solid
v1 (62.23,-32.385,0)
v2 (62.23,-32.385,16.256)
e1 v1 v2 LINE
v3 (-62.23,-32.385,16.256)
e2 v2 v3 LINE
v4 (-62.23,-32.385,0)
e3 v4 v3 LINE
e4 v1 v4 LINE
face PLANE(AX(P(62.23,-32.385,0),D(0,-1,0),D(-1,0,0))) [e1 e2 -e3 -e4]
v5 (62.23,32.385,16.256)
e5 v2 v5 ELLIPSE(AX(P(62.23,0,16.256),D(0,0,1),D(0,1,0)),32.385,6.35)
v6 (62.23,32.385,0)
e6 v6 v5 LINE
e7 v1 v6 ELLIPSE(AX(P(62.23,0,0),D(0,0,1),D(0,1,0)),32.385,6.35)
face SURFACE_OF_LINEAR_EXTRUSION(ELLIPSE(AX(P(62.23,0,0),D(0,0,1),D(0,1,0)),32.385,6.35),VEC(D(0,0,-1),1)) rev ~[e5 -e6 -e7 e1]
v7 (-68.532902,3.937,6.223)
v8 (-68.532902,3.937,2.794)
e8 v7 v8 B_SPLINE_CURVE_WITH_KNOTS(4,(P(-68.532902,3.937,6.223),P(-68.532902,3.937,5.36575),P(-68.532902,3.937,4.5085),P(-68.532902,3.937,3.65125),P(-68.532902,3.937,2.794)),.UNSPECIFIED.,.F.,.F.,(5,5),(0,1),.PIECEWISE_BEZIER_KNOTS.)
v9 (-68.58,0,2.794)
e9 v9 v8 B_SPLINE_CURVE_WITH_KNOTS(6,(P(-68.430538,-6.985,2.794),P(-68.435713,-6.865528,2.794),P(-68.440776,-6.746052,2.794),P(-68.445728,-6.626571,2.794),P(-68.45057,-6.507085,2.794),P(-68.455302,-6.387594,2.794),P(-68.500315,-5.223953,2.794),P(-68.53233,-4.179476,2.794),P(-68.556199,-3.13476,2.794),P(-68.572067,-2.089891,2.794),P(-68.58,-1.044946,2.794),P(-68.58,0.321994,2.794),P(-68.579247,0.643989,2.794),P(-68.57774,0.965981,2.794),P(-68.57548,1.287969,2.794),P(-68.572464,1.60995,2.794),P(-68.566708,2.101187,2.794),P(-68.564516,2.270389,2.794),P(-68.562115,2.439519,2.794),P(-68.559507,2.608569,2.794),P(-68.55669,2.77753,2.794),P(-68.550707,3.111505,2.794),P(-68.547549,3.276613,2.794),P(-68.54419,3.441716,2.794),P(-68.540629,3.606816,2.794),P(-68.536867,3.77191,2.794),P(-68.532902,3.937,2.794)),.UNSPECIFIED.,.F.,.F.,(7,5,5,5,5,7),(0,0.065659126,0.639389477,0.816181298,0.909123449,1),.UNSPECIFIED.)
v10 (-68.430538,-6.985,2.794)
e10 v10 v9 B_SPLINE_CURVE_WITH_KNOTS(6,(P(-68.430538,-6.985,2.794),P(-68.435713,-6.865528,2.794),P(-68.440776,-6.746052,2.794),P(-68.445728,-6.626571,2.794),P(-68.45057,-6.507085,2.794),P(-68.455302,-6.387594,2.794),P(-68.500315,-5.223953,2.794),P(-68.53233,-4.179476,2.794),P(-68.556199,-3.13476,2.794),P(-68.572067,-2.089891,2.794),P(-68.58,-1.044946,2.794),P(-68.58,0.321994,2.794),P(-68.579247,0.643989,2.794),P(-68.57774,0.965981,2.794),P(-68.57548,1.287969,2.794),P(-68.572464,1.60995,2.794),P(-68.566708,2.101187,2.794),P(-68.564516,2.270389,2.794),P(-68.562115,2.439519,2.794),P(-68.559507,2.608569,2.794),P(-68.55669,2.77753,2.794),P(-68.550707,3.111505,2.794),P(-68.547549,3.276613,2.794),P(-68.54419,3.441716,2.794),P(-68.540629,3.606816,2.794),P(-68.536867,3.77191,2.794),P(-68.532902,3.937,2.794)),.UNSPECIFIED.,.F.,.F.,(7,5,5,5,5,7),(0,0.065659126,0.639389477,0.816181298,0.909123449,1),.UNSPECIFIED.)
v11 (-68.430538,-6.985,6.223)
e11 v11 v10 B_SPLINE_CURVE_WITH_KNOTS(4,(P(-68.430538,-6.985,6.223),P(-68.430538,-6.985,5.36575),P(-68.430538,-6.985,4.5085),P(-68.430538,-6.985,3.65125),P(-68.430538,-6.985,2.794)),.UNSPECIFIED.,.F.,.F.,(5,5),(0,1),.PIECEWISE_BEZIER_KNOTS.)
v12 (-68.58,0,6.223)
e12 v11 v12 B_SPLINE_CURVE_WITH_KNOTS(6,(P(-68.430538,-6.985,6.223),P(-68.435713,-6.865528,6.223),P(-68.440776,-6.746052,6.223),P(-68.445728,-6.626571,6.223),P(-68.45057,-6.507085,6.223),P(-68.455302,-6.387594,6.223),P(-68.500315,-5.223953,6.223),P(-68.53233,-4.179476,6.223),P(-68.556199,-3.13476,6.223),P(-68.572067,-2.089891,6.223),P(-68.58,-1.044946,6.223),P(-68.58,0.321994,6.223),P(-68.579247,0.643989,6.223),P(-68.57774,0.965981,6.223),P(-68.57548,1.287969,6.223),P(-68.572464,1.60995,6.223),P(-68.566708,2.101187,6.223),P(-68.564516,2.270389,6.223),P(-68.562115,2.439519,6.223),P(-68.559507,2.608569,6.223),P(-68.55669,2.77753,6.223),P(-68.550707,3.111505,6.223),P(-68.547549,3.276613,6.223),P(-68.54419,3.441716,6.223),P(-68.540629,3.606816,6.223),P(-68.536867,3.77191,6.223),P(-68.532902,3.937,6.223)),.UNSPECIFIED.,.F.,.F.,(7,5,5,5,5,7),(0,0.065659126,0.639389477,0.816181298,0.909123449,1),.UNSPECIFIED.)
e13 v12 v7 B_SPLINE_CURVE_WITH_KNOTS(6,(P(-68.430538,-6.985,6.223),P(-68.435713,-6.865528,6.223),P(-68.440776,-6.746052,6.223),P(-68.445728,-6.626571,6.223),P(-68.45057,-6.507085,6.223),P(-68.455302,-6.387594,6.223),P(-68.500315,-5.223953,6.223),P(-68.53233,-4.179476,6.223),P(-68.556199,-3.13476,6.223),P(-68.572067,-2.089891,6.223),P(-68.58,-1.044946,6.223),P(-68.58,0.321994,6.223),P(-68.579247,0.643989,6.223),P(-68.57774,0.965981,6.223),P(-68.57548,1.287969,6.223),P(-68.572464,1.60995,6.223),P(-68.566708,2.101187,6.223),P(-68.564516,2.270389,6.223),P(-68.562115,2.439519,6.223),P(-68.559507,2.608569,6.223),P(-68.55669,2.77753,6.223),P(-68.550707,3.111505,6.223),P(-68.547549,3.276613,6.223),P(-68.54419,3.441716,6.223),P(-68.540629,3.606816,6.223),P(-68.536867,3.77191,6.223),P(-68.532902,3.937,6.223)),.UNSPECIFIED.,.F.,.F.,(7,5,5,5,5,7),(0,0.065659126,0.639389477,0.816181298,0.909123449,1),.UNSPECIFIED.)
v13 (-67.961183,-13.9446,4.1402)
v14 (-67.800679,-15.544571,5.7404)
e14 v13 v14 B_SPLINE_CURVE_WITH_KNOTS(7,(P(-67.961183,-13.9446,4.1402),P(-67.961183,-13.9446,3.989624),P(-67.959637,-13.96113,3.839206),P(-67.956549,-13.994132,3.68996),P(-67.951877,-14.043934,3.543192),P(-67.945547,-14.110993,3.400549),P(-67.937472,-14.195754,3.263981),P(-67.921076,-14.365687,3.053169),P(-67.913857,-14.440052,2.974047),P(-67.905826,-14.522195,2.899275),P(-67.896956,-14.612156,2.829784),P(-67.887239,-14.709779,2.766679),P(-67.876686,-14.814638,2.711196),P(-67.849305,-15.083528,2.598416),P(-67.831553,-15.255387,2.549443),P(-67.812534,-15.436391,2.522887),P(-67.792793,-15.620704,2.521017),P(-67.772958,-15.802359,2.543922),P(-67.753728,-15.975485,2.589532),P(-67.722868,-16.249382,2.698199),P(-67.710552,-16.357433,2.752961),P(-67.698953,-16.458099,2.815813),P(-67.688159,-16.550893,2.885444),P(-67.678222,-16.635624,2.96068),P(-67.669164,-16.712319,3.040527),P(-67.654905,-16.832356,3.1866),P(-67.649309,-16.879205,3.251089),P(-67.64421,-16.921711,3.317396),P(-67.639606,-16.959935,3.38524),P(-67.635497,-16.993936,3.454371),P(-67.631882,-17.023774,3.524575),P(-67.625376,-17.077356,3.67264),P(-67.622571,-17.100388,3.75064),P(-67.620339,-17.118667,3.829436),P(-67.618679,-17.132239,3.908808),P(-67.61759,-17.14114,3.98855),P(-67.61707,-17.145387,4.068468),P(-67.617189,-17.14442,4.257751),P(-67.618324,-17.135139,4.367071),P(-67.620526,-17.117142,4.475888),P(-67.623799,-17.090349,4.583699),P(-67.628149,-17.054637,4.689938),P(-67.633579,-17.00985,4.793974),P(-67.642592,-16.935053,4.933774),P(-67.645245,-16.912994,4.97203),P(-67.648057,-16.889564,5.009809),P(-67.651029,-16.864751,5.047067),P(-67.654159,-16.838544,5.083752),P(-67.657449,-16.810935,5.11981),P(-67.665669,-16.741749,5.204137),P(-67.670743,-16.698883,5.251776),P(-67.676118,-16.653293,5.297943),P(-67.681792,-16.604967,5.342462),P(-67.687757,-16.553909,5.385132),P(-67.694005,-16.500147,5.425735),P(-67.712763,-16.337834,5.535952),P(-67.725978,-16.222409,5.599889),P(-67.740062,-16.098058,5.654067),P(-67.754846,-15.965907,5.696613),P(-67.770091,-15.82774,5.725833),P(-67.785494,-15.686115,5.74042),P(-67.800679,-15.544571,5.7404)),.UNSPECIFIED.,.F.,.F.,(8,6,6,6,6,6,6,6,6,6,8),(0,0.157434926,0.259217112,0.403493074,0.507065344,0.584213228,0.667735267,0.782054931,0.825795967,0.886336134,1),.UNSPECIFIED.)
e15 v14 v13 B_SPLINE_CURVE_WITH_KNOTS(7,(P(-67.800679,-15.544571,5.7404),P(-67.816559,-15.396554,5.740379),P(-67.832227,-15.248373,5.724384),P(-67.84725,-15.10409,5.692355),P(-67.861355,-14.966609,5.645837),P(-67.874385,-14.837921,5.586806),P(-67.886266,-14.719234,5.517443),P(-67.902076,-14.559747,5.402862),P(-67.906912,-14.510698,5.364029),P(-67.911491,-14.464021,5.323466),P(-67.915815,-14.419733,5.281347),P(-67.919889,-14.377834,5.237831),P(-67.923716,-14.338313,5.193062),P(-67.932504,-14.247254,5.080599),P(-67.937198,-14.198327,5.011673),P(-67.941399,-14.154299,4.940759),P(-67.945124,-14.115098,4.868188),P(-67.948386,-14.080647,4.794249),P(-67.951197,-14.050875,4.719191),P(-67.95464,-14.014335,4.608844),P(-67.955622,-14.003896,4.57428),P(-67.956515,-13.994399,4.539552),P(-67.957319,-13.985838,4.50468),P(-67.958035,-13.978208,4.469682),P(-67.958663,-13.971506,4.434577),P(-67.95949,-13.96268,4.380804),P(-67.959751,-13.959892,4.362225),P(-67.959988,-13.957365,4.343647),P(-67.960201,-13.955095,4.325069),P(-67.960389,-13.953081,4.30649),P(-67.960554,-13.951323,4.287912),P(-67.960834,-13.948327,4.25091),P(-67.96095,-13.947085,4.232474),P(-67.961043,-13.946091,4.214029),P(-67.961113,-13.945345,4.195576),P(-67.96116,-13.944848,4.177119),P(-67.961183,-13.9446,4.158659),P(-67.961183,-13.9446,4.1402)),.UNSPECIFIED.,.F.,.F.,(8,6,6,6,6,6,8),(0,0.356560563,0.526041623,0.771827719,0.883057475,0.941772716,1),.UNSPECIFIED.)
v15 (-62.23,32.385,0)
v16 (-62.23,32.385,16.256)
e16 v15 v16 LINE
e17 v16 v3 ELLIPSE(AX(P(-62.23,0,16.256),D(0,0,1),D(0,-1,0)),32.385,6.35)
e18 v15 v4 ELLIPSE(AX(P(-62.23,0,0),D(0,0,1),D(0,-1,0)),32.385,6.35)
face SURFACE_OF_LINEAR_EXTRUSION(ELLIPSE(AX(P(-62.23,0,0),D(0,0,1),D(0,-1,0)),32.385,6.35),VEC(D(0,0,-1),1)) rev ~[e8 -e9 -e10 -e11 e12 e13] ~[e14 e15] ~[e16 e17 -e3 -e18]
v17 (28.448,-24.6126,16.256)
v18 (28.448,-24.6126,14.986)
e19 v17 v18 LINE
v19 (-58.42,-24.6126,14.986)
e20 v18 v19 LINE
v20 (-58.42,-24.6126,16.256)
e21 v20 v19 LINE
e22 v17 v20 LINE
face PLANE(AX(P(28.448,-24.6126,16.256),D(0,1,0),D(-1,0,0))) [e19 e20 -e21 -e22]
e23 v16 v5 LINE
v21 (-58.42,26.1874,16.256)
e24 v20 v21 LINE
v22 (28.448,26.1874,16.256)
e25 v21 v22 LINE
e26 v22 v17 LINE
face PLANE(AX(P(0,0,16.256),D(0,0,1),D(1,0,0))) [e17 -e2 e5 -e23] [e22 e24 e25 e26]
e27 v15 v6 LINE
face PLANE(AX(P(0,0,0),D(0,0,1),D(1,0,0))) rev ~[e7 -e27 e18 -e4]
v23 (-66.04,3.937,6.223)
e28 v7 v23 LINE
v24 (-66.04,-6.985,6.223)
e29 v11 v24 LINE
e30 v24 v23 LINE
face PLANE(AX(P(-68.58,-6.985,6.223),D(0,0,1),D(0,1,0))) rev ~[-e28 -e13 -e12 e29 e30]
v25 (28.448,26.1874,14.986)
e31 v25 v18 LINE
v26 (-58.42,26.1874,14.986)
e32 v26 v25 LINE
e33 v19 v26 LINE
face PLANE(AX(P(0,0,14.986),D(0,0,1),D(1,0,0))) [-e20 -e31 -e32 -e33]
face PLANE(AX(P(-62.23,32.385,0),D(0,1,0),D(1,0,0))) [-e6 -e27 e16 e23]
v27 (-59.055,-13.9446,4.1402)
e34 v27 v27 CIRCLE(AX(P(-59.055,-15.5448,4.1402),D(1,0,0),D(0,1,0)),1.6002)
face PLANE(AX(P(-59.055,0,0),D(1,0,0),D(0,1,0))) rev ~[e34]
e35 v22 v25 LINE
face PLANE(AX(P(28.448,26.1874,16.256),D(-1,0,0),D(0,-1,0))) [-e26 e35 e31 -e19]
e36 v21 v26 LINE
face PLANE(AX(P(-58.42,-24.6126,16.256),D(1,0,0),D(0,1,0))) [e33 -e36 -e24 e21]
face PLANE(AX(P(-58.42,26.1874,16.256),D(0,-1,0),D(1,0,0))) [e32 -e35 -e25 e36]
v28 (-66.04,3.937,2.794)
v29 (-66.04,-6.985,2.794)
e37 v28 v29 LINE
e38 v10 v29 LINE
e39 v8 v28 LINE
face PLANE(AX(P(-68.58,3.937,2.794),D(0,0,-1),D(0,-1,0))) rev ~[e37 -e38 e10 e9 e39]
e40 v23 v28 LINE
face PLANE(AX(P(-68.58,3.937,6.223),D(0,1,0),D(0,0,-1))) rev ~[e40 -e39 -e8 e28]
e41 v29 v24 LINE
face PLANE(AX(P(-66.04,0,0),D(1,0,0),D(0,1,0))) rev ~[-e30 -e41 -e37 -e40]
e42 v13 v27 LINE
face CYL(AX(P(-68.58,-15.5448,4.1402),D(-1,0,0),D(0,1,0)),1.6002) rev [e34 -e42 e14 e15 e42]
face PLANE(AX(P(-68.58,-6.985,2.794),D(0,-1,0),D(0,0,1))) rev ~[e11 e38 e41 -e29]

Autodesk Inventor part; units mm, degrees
ref_plane "XZ Plane" through (0, 0, 0) normal (0, 1, 0) x (-1, 0, 0)
ref_plane "XY Plane" through (0, 0, 0) normal (0, 0, 1) x (1, 0, 0)
sketch "Sketch1" plane through (0, 0, 0) normal (0, 0, 1) x (1, 0, 0)
  line L0 (-62.23, 32.385) -> (62.23, 32.385)
  line L1 (62.23, -32.385) -> (-62.23, -32.385)
  line L2 (62.23, 0) -> (68.58, 0) construction
  line L3 (-62.23, 0) -> (-68.58, 0) construction
  ellipse E0 centre (-62.23, 0) end of major axis (-68.58, 0) minor radius 32.385 (-62.23, 32.385) -> (-62.23, -32.385) ccw
  ellipse E1 centre (62.23, 0) end of major axis (68.58, 0) minor radius 32.385 (62.23, -32.385) -> (62.23, 32.385) ccw
  point P0 (0, 0)
  dimension "d2" = 64.77
  dimension "d3" = 32.385
  dimension "d4" = 6.35
  dimension "d5" = 6.35
  dimension "d6" = 62.23
  dimension "d7" = 68.58
extrude "Extrusion1" add sketch "Sketch1" along normal blind 16.256
ref_plane "Work Plane1" through (-68.58, 0, 0) normal (1, 0, 0) x (0, 1, 0)
sketch "Sketch2" plane through (0, 0, 0) normal (1, 0, 0) x (0, 1, 0)
  point P0 (0, 0)
sketch "Sketch3" plane through (-68.58, 0, 0) normal (1, 0, 0) x (0, 1, 0)
  circle A0 centre (-15.5448, 4.1402) radius 1.6002
  line L0 (-32.385, 0) -> (32.385, 0) projected
  line L1 (-32.385, 0) -> (-32.385, 16.256) projected
  point P0 (0, 0)
  dimension "d10" = 3.2004
  dimension "d11" = 2.54
  dimension "d12" = 15.24
extrude "Extrusion2" cut sketch "Sketch3" along normal blind 9.525
sketch "Sketch4" plane through (-68.58, 0, 0) normal (1, 0, 0) x (0, 1, 0)
  line L0 (3.937, 2.794) -> (-6.985, 2.794)
  line L1 (-6.985, 2.794) -> (-6.985, 6.223)
  line L2 (-6.985, 6.223) -> (3.937, 6.223)
  line L3 (3.937, 6.223) -> (3.937, 2.794)
  line L4 (-32.385, 0) -> (32.385, 0) projected
  line L5 (-32.385, 0) -> (-32.385, 16.256) projected
  point P0 (0, 0)
  dimension "d15" = 3.429
  dimension "d16" = 10.922
  dimension "d17" = 2.794
  dimension "d18" = 25.4
extrude "Extrusion3" cut sketch "Sketch4" along normal blind 2.54
sketch "Sketch5" plane through (0, 0, 16.256) normal (0, 0, 1) x (1, 0, 0)
  line L0 (-62.23, 32.385) -> (62.23, 32.385) projected
  line L1 (-58.42, 26.1874) -> (28.448, 26.1874)
  line L2 (28.448, 26.1874) -> (28.448, -24.6126)
  line L3 (28.448, -24.6126) -> (-58.42, -24.6126)
  line L4 (-58.42, -24.6126) -> (-58.42, 26.1874)
  point P0 (0, 0)
  dimension "d21" = 50.8
  dimension "d22" = 86.868
  dimension "d23" = 3.81
  dimension "d24" = 6.1976
extrude "Extrusion4" cut sketch "Sketch5" against normal blind 1.27
properties part number "SprintSamsungGalaxyS"
